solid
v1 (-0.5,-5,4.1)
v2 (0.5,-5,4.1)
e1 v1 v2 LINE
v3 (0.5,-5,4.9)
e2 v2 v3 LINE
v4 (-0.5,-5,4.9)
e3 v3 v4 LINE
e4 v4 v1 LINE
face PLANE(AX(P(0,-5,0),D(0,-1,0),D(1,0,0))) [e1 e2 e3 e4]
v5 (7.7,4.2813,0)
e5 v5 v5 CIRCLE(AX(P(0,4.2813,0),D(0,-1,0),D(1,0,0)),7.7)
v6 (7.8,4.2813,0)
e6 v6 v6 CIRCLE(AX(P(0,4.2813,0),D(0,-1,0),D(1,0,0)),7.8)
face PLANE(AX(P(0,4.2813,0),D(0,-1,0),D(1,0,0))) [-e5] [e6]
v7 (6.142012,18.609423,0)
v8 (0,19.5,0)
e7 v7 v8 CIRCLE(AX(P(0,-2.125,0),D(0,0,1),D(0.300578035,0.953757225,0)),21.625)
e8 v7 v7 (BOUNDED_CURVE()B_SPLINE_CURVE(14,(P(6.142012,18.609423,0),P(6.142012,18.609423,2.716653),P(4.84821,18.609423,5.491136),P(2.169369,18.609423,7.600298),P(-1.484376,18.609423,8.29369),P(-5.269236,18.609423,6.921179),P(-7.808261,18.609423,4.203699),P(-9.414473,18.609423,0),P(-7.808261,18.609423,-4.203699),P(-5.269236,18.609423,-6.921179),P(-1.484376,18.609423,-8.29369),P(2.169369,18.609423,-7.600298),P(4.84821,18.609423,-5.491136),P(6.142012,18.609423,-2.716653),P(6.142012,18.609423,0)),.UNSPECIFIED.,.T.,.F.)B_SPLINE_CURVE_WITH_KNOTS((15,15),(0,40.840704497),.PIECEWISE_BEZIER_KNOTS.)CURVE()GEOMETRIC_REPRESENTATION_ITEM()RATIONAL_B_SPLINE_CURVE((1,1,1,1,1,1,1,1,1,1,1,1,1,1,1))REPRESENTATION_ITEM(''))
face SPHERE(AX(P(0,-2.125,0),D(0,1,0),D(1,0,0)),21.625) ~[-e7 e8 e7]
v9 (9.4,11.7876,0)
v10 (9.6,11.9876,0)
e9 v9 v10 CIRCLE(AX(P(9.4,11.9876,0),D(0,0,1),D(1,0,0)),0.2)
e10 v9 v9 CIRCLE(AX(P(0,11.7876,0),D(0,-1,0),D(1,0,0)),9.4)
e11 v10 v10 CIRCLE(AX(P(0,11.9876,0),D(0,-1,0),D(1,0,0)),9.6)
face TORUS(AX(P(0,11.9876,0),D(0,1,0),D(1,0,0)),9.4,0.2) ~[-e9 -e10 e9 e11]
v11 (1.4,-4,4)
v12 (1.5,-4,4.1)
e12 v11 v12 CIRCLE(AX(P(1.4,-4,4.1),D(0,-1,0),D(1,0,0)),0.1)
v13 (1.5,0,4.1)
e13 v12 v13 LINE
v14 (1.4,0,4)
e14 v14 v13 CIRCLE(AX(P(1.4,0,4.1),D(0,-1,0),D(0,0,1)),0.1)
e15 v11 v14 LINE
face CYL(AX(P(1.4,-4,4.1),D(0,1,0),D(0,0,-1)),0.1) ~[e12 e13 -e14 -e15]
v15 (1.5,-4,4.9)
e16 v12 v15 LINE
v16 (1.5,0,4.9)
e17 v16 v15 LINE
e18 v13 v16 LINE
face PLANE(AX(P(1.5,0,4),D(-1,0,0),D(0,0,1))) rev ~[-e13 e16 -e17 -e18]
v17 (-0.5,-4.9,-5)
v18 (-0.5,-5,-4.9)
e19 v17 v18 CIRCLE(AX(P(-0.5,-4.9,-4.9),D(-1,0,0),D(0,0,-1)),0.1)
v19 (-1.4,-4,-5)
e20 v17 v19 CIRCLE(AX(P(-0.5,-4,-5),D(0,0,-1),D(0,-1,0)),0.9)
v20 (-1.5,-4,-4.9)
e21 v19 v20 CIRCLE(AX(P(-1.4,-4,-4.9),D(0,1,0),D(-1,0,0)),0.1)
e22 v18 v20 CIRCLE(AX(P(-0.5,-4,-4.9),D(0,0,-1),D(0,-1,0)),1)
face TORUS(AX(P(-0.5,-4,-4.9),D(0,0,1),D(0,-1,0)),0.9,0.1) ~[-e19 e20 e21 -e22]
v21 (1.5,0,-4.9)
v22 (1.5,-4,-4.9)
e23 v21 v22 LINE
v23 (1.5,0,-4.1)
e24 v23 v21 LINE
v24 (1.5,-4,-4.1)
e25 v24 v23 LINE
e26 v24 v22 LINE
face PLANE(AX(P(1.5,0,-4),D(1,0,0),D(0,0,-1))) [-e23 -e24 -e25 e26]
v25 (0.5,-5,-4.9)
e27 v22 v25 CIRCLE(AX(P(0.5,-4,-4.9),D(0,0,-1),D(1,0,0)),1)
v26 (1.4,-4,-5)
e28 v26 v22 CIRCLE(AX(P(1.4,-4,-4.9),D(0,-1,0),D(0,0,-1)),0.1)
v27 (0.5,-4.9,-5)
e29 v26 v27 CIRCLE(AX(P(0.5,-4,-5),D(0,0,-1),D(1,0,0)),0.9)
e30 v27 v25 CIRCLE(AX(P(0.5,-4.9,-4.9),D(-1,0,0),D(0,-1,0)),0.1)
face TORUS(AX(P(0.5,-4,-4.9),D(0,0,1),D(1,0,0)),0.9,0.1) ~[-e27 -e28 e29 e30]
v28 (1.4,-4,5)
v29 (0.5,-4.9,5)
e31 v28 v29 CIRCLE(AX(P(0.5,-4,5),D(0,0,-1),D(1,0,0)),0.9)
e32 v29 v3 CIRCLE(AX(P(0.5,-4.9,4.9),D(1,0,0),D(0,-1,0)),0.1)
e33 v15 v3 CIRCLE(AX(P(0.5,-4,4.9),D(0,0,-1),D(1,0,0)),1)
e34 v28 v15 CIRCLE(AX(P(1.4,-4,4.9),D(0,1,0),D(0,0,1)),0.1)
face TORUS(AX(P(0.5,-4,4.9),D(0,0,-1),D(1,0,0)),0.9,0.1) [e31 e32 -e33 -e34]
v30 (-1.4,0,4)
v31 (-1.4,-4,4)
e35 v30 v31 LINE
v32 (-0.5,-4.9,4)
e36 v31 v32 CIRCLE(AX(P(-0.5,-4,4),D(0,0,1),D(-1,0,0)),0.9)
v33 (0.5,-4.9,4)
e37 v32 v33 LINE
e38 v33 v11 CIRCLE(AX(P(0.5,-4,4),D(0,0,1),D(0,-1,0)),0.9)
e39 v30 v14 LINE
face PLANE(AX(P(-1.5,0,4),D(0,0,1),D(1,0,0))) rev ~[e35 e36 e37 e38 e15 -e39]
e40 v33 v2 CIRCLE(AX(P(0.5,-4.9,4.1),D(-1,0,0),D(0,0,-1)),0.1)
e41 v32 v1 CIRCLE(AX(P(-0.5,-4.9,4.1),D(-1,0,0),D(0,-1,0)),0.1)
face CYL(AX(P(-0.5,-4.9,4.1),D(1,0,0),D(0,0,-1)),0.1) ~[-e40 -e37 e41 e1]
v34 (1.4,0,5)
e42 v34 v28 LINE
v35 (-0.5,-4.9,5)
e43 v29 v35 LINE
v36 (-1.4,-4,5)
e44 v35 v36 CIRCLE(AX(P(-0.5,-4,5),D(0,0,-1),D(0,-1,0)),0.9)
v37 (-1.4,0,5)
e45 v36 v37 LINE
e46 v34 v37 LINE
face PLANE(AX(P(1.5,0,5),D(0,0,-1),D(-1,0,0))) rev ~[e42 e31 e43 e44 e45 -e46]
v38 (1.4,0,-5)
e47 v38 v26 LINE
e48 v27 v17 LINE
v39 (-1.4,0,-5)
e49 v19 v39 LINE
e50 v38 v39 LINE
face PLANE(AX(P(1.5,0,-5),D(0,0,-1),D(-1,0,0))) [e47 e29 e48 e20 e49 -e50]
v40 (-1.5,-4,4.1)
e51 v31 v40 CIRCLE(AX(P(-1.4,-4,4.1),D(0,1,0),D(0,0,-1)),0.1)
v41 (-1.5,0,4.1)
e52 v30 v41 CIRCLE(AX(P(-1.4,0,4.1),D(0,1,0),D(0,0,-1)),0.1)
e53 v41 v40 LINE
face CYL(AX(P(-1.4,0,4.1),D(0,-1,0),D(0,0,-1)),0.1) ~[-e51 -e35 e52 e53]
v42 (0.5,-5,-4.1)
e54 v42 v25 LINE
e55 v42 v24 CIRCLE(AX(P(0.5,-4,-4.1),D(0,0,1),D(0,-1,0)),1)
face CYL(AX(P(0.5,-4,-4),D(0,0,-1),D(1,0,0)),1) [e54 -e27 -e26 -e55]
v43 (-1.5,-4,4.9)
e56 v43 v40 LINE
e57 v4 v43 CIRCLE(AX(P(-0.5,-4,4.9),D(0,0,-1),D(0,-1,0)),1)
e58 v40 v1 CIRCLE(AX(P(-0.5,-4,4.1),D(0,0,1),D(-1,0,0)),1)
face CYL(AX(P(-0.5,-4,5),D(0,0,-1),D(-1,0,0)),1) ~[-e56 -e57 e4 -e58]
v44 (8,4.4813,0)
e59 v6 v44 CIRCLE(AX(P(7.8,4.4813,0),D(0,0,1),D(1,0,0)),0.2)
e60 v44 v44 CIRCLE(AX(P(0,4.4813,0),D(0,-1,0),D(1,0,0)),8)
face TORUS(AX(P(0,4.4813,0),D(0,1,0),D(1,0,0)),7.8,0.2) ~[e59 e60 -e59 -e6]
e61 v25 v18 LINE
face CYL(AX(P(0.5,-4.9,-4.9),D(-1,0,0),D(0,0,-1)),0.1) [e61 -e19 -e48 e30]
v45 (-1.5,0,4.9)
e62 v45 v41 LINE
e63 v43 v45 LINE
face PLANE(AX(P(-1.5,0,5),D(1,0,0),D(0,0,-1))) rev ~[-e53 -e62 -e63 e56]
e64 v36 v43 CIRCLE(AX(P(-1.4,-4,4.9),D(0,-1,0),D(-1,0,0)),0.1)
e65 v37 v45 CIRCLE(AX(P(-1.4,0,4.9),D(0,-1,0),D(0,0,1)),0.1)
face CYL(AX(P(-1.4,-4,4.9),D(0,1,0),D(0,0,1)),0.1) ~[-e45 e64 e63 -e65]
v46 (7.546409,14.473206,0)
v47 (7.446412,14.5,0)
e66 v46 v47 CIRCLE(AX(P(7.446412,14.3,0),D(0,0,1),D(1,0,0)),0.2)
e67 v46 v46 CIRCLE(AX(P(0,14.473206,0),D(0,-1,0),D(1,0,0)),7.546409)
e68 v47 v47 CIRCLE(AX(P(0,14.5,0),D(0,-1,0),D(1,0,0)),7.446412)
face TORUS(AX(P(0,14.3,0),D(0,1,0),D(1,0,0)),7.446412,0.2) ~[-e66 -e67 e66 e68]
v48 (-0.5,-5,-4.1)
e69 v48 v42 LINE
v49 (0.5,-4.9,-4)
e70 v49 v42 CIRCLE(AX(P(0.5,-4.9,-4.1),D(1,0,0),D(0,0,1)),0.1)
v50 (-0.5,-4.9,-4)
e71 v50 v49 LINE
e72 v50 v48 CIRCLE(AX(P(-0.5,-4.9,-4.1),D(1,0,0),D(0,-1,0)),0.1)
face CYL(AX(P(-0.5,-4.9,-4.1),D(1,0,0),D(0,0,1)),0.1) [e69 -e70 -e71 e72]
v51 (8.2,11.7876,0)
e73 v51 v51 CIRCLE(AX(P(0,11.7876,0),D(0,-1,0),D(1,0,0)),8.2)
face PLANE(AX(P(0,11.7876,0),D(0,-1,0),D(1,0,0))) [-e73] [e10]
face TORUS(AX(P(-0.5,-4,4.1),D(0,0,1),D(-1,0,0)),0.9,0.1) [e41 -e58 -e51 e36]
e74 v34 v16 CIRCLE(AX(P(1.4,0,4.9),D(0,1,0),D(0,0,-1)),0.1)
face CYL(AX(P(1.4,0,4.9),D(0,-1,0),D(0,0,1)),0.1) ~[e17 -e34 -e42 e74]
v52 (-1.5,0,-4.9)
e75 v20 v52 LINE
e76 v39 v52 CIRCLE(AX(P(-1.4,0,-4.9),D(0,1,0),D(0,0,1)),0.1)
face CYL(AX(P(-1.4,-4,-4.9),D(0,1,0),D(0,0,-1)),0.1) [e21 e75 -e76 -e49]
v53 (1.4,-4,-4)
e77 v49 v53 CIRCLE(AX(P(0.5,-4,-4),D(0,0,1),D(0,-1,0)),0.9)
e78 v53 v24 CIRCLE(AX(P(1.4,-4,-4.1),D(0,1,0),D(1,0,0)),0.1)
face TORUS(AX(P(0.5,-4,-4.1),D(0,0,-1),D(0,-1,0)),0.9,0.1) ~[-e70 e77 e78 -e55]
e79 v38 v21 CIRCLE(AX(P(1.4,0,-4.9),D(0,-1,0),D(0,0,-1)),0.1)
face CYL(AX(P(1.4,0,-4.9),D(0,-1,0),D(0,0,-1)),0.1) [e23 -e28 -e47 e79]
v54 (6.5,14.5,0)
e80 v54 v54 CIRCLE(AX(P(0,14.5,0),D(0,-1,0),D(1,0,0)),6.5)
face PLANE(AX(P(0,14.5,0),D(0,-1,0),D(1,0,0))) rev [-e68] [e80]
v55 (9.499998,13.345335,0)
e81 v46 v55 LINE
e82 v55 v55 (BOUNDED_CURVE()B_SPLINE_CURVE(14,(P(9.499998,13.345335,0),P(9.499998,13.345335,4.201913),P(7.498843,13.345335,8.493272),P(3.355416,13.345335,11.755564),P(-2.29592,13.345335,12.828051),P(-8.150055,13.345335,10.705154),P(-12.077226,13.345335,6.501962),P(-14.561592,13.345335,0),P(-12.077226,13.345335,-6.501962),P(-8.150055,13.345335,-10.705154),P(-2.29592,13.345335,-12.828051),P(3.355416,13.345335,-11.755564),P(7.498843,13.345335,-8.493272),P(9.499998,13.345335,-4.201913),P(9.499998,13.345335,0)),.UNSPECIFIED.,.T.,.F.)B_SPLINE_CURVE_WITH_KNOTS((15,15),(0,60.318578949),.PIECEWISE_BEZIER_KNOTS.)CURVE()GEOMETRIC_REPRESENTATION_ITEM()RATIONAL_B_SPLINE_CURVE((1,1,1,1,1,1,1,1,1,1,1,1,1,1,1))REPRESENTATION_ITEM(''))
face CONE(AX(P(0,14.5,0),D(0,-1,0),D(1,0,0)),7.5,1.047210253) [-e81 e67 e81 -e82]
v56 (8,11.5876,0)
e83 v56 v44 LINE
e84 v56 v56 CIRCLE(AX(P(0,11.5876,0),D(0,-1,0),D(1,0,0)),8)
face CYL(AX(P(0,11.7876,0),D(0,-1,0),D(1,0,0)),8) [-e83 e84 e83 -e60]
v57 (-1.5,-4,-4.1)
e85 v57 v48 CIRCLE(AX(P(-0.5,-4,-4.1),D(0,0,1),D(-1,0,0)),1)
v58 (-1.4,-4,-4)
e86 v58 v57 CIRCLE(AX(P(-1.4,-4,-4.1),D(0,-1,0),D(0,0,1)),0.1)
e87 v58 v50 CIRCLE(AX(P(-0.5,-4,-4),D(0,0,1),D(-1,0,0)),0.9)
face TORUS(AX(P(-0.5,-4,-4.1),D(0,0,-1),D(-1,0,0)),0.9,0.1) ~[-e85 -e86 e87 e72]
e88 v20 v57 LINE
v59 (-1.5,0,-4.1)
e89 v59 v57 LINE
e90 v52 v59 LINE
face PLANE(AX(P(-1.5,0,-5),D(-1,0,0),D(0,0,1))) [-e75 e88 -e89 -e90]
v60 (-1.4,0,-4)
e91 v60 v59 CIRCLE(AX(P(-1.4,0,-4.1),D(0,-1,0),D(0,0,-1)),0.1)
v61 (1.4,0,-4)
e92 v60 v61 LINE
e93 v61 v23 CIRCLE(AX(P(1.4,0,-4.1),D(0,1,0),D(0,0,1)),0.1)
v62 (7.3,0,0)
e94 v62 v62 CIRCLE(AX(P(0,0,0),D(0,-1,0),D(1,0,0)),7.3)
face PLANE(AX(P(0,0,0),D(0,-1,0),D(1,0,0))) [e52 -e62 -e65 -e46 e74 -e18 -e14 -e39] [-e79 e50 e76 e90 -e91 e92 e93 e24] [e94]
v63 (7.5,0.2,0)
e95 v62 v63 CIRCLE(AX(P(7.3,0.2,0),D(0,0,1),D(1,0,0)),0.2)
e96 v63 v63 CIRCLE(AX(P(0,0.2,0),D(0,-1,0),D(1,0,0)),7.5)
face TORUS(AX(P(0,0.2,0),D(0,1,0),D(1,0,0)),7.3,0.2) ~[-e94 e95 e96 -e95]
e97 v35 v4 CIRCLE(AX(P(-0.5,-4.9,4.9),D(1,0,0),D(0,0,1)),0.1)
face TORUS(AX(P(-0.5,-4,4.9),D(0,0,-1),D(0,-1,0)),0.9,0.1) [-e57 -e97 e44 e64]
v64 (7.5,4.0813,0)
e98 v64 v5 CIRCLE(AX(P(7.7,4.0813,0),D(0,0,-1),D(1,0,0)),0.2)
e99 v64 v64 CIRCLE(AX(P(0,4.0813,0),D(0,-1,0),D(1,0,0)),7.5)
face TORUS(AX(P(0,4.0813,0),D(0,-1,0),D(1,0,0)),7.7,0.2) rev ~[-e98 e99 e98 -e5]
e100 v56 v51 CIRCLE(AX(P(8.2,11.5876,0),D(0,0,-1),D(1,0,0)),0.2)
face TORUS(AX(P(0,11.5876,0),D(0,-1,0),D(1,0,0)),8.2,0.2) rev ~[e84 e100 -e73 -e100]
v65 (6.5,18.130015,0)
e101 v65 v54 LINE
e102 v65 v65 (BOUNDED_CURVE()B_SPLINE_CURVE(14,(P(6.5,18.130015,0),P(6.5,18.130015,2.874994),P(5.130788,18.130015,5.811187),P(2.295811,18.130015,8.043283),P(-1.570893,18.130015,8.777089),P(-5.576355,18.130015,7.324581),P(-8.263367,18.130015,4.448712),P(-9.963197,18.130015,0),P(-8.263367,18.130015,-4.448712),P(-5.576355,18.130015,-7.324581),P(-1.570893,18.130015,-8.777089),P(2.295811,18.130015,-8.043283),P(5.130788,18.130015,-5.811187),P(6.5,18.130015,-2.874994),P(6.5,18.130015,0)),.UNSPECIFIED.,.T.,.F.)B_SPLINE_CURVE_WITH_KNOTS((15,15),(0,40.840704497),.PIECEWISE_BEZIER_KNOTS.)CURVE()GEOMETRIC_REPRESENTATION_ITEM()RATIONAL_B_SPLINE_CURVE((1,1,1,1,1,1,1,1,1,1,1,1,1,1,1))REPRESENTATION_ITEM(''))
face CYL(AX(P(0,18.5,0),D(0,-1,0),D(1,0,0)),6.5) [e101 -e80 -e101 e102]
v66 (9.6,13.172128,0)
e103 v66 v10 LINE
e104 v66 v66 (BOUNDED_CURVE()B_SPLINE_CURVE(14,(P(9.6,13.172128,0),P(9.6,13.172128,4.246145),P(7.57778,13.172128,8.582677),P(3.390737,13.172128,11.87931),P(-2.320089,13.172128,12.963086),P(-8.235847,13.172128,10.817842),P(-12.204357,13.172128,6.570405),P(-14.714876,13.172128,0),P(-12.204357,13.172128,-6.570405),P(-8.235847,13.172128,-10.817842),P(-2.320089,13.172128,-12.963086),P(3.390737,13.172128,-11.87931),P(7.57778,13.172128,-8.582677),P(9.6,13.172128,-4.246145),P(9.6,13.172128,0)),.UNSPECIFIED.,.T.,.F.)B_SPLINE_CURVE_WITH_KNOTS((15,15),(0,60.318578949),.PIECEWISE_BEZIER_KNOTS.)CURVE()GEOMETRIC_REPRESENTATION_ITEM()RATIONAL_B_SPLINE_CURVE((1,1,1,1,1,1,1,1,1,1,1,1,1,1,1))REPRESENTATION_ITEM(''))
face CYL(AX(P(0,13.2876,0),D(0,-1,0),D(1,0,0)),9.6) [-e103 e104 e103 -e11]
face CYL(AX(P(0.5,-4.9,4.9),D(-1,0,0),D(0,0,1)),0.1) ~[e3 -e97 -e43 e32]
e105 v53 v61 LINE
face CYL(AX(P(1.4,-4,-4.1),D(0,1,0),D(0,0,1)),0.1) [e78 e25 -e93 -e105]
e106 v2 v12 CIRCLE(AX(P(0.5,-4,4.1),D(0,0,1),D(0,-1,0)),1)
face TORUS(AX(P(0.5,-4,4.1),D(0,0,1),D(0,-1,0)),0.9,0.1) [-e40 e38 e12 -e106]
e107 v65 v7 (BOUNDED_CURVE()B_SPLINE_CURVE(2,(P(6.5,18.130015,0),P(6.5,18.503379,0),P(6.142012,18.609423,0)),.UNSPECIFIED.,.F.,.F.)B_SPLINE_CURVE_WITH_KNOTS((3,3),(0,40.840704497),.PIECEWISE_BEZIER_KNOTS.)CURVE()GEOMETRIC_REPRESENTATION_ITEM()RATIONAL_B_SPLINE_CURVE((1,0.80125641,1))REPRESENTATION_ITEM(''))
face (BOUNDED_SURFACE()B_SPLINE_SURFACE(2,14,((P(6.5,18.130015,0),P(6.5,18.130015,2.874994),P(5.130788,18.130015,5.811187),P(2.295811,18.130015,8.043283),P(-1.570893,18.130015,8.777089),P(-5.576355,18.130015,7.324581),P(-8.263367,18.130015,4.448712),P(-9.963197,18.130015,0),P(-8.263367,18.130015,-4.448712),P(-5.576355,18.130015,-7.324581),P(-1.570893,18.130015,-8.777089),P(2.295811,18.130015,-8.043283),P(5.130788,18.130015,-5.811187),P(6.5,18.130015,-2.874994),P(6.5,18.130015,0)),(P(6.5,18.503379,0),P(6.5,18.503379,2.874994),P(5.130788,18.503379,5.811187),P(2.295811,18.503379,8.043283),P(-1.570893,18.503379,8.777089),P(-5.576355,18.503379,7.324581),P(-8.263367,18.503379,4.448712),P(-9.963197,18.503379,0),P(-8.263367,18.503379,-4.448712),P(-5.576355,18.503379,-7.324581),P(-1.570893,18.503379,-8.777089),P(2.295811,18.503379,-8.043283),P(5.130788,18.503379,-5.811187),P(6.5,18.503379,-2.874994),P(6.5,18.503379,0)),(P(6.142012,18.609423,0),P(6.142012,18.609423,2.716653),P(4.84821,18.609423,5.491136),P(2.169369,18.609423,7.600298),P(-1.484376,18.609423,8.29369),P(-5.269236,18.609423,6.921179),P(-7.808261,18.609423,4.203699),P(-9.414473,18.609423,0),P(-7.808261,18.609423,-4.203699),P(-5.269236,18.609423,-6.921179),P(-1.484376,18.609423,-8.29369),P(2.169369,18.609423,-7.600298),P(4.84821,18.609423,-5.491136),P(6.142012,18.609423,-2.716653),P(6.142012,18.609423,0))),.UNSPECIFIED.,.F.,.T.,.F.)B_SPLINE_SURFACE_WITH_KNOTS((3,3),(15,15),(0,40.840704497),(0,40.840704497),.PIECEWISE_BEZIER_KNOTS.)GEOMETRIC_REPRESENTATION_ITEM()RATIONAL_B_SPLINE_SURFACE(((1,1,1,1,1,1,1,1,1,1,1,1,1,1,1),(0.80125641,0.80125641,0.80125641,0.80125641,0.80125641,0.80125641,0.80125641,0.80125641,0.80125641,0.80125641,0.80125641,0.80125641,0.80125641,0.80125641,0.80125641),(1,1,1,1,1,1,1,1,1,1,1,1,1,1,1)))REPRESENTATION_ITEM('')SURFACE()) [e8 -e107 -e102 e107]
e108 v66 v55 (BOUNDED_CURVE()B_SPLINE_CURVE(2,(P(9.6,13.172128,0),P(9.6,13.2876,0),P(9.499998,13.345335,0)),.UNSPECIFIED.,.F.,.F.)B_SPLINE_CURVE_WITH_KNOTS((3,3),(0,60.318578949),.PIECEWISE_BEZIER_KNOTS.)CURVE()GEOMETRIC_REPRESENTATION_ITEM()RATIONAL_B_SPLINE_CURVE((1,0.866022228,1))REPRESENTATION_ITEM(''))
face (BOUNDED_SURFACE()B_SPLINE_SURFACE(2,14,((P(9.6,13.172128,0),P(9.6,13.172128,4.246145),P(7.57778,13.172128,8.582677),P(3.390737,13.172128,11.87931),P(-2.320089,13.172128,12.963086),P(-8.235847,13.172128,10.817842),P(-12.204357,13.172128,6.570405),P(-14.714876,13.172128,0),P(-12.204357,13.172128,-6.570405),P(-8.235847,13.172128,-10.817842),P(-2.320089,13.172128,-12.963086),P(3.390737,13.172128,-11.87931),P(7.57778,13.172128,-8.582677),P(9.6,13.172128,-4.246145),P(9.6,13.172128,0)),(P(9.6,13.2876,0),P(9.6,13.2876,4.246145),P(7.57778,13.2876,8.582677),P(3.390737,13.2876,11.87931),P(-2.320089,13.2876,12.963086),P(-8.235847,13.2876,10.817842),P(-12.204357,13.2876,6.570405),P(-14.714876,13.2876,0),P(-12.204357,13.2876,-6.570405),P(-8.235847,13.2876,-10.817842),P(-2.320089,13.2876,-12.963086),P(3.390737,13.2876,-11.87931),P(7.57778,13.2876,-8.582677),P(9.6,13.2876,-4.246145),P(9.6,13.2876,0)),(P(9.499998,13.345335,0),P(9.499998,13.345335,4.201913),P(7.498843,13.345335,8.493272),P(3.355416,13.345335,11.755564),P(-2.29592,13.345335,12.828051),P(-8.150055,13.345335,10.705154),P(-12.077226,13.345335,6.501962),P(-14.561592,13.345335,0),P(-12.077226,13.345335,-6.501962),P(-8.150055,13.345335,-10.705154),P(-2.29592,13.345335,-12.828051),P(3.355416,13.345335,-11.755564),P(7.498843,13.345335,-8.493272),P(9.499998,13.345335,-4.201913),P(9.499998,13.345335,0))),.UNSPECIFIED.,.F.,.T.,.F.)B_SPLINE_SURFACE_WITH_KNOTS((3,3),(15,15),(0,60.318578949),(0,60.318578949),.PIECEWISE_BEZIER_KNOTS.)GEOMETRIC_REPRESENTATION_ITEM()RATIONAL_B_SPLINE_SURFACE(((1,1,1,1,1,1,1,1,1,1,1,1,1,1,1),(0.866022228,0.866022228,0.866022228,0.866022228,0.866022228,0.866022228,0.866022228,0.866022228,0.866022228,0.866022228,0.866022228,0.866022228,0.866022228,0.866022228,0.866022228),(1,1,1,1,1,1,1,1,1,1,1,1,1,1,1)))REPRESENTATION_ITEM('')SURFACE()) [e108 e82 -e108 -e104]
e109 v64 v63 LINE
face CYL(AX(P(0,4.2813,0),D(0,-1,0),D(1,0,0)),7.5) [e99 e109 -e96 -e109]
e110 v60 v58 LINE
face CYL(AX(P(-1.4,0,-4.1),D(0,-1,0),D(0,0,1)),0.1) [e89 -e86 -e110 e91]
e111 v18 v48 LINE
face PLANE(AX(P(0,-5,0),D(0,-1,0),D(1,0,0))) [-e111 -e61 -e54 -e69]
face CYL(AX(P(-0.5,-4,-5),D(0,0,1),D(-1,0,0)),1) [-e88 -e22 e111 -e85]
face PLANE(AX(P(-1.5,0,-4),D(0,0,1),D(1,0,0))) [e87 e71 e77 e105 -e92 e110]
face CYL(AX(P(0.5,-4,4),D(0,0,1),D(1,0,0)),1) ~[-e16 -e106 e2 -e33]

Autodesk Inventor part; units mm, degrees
ref_plane "YZ Plane" through (0, 0, 0) normal (1, 0, 0) x (0, 1, 0)
ref_plane "XZ Plane" through (0, 0, 0) normal (0, 1, 0) x (-1, 0, 0)
ref_plane "XY Plane" through (0, 0, 0) normal (0, 0, 1) x (1, 0, 0)
sketch "Sketch1" plane through (0, 0, 0) normal (0, 0, 1) x (1, 0, 0)
  arc A0 (6.5, 18.5) -> (0, 19.5) centre (0, -2.125) ccw
  line L0 (0, 19.5) -> (0, 0)
  line L1 (6.5, 18.5) -> (6.5, 14.5)
  line L2 (6.5, 14.5) -> (7.5, 14.5)
  line L3 (7.5, 14.5) -> (9.6, 13.2876)
  line L4 (9.6, 13.2876) -> (9.6, 11.7876)
  line L5 (9.6, 11.7876) -> (8, 11.7876)
  line L6 (8, 11.7876) -> (8, 4.2813)
  line L7 (8, 4.2813) -> (7.5, 4.2813)
  line L8 (7.5, 4.2813) -> (7.5, 0)
  line L9 (7.5, 0) -> (0, 0)
  dimension "d0" = 19.5
  dimension "d1" = 18.5
  dimension "d2" = 6.5
  dimension "d3" = 4
  dimension "d4" = 1
  dimension "d5" = 30
  dimension "d6" = 9.6
  dimension "d7" = 1.5
  dimension "d8" = 8
  dimension "d9" = 7.5
revolve "Revolution1" add sketch "Sketch1" angle 360 about axis through (0, 19.5, 0) along (0, -1, 0)
thread "Thread1" size "M16x1" class "6g" standard "ISO Metric profile" full length
sketch "Sketch2" plane through (0, 0, 0) normal (0, -1, 0) x (1, 0, 0)
  circle A0 centre (0, 0) radius 7.5 projected
  line L0 (1.5, 5) -> (-1.5, 5)
  line L1 (-1.5, 5) -> (-1.5, 4)
  line L2 (-1.5, 4) -> (1.5, 4)
  line L3 (1.5, 4) -> (1.5, 5)
  circle A1 centre (0, 0) radius 7.5 construction
  line L4 (7.5, 0) -> (-7.5, 0) construction
  line L5 (1.5, -5) -> (-1.5, -5)
  line L6 (-1.5, -5) -> (-1.5, -4)
  line L7 (-1.5, -4) -> (1.5, -4)
  line L8 (1.5, -4) -> (1.5, -5)
  point P0 (0, 0)
  point P1 (0, 4)
  point P2 (0, -4)
  dimension "d13" = 3
  dimension "d14" = 1
  dimension "d15" = 4
extrude "Extrusion1" add sketch "Sketch2" along normal blind 5 contours L3 L2 L1 L0 | L5 L6 L7 L8
fillet "Fillet1" radius 1 4 edges at (1.5, -5, 4.5) (-1.5, -5, 4.5) (1.5, -5, -4.5) (-1.5, -5, -4.5)
fillet "Fillet2" radius 0.2 7 edges at (-7.5, 0, 0) (-7.5, 14.5, 0) (-9.6, 13.2876, 0) (-9.6, 11.7876, 0) (-8, 11.7876, 0) (-8, 4.2813, 0) (-7.5, 4.2813, 0)
fillet "Fillet3" radius 0.5 1 edges at (-6.5, 18.5, 0)
fillet "Fillet4" radius 0.1 20 edges at (1.2071, -4.7071, -5) (0, -5, -5) (-1.2071, -4.7071, -5) (-1.5, -2, -5) (1.5, -2, -5) (0, -5, -4) (-1.2071, -4.7071, -4) (-1.5, -2, -4) (1.5, -2, -4) (1.2071, -4.7071, -4) (-1.2071, -4.7071, 4) (0, -5, 4) (1.2071, -4.7071, 4) (1.5, -2, 4) (-1.5, -2, 4) (0, -5, 5) (-1.2071, -4.7071, 5) (-1.5, -2, 5) (1.5, -2, 5) (1.2071, -4.7071, 5)
properties part number "knop op en neer" material "ABS Plastic"
